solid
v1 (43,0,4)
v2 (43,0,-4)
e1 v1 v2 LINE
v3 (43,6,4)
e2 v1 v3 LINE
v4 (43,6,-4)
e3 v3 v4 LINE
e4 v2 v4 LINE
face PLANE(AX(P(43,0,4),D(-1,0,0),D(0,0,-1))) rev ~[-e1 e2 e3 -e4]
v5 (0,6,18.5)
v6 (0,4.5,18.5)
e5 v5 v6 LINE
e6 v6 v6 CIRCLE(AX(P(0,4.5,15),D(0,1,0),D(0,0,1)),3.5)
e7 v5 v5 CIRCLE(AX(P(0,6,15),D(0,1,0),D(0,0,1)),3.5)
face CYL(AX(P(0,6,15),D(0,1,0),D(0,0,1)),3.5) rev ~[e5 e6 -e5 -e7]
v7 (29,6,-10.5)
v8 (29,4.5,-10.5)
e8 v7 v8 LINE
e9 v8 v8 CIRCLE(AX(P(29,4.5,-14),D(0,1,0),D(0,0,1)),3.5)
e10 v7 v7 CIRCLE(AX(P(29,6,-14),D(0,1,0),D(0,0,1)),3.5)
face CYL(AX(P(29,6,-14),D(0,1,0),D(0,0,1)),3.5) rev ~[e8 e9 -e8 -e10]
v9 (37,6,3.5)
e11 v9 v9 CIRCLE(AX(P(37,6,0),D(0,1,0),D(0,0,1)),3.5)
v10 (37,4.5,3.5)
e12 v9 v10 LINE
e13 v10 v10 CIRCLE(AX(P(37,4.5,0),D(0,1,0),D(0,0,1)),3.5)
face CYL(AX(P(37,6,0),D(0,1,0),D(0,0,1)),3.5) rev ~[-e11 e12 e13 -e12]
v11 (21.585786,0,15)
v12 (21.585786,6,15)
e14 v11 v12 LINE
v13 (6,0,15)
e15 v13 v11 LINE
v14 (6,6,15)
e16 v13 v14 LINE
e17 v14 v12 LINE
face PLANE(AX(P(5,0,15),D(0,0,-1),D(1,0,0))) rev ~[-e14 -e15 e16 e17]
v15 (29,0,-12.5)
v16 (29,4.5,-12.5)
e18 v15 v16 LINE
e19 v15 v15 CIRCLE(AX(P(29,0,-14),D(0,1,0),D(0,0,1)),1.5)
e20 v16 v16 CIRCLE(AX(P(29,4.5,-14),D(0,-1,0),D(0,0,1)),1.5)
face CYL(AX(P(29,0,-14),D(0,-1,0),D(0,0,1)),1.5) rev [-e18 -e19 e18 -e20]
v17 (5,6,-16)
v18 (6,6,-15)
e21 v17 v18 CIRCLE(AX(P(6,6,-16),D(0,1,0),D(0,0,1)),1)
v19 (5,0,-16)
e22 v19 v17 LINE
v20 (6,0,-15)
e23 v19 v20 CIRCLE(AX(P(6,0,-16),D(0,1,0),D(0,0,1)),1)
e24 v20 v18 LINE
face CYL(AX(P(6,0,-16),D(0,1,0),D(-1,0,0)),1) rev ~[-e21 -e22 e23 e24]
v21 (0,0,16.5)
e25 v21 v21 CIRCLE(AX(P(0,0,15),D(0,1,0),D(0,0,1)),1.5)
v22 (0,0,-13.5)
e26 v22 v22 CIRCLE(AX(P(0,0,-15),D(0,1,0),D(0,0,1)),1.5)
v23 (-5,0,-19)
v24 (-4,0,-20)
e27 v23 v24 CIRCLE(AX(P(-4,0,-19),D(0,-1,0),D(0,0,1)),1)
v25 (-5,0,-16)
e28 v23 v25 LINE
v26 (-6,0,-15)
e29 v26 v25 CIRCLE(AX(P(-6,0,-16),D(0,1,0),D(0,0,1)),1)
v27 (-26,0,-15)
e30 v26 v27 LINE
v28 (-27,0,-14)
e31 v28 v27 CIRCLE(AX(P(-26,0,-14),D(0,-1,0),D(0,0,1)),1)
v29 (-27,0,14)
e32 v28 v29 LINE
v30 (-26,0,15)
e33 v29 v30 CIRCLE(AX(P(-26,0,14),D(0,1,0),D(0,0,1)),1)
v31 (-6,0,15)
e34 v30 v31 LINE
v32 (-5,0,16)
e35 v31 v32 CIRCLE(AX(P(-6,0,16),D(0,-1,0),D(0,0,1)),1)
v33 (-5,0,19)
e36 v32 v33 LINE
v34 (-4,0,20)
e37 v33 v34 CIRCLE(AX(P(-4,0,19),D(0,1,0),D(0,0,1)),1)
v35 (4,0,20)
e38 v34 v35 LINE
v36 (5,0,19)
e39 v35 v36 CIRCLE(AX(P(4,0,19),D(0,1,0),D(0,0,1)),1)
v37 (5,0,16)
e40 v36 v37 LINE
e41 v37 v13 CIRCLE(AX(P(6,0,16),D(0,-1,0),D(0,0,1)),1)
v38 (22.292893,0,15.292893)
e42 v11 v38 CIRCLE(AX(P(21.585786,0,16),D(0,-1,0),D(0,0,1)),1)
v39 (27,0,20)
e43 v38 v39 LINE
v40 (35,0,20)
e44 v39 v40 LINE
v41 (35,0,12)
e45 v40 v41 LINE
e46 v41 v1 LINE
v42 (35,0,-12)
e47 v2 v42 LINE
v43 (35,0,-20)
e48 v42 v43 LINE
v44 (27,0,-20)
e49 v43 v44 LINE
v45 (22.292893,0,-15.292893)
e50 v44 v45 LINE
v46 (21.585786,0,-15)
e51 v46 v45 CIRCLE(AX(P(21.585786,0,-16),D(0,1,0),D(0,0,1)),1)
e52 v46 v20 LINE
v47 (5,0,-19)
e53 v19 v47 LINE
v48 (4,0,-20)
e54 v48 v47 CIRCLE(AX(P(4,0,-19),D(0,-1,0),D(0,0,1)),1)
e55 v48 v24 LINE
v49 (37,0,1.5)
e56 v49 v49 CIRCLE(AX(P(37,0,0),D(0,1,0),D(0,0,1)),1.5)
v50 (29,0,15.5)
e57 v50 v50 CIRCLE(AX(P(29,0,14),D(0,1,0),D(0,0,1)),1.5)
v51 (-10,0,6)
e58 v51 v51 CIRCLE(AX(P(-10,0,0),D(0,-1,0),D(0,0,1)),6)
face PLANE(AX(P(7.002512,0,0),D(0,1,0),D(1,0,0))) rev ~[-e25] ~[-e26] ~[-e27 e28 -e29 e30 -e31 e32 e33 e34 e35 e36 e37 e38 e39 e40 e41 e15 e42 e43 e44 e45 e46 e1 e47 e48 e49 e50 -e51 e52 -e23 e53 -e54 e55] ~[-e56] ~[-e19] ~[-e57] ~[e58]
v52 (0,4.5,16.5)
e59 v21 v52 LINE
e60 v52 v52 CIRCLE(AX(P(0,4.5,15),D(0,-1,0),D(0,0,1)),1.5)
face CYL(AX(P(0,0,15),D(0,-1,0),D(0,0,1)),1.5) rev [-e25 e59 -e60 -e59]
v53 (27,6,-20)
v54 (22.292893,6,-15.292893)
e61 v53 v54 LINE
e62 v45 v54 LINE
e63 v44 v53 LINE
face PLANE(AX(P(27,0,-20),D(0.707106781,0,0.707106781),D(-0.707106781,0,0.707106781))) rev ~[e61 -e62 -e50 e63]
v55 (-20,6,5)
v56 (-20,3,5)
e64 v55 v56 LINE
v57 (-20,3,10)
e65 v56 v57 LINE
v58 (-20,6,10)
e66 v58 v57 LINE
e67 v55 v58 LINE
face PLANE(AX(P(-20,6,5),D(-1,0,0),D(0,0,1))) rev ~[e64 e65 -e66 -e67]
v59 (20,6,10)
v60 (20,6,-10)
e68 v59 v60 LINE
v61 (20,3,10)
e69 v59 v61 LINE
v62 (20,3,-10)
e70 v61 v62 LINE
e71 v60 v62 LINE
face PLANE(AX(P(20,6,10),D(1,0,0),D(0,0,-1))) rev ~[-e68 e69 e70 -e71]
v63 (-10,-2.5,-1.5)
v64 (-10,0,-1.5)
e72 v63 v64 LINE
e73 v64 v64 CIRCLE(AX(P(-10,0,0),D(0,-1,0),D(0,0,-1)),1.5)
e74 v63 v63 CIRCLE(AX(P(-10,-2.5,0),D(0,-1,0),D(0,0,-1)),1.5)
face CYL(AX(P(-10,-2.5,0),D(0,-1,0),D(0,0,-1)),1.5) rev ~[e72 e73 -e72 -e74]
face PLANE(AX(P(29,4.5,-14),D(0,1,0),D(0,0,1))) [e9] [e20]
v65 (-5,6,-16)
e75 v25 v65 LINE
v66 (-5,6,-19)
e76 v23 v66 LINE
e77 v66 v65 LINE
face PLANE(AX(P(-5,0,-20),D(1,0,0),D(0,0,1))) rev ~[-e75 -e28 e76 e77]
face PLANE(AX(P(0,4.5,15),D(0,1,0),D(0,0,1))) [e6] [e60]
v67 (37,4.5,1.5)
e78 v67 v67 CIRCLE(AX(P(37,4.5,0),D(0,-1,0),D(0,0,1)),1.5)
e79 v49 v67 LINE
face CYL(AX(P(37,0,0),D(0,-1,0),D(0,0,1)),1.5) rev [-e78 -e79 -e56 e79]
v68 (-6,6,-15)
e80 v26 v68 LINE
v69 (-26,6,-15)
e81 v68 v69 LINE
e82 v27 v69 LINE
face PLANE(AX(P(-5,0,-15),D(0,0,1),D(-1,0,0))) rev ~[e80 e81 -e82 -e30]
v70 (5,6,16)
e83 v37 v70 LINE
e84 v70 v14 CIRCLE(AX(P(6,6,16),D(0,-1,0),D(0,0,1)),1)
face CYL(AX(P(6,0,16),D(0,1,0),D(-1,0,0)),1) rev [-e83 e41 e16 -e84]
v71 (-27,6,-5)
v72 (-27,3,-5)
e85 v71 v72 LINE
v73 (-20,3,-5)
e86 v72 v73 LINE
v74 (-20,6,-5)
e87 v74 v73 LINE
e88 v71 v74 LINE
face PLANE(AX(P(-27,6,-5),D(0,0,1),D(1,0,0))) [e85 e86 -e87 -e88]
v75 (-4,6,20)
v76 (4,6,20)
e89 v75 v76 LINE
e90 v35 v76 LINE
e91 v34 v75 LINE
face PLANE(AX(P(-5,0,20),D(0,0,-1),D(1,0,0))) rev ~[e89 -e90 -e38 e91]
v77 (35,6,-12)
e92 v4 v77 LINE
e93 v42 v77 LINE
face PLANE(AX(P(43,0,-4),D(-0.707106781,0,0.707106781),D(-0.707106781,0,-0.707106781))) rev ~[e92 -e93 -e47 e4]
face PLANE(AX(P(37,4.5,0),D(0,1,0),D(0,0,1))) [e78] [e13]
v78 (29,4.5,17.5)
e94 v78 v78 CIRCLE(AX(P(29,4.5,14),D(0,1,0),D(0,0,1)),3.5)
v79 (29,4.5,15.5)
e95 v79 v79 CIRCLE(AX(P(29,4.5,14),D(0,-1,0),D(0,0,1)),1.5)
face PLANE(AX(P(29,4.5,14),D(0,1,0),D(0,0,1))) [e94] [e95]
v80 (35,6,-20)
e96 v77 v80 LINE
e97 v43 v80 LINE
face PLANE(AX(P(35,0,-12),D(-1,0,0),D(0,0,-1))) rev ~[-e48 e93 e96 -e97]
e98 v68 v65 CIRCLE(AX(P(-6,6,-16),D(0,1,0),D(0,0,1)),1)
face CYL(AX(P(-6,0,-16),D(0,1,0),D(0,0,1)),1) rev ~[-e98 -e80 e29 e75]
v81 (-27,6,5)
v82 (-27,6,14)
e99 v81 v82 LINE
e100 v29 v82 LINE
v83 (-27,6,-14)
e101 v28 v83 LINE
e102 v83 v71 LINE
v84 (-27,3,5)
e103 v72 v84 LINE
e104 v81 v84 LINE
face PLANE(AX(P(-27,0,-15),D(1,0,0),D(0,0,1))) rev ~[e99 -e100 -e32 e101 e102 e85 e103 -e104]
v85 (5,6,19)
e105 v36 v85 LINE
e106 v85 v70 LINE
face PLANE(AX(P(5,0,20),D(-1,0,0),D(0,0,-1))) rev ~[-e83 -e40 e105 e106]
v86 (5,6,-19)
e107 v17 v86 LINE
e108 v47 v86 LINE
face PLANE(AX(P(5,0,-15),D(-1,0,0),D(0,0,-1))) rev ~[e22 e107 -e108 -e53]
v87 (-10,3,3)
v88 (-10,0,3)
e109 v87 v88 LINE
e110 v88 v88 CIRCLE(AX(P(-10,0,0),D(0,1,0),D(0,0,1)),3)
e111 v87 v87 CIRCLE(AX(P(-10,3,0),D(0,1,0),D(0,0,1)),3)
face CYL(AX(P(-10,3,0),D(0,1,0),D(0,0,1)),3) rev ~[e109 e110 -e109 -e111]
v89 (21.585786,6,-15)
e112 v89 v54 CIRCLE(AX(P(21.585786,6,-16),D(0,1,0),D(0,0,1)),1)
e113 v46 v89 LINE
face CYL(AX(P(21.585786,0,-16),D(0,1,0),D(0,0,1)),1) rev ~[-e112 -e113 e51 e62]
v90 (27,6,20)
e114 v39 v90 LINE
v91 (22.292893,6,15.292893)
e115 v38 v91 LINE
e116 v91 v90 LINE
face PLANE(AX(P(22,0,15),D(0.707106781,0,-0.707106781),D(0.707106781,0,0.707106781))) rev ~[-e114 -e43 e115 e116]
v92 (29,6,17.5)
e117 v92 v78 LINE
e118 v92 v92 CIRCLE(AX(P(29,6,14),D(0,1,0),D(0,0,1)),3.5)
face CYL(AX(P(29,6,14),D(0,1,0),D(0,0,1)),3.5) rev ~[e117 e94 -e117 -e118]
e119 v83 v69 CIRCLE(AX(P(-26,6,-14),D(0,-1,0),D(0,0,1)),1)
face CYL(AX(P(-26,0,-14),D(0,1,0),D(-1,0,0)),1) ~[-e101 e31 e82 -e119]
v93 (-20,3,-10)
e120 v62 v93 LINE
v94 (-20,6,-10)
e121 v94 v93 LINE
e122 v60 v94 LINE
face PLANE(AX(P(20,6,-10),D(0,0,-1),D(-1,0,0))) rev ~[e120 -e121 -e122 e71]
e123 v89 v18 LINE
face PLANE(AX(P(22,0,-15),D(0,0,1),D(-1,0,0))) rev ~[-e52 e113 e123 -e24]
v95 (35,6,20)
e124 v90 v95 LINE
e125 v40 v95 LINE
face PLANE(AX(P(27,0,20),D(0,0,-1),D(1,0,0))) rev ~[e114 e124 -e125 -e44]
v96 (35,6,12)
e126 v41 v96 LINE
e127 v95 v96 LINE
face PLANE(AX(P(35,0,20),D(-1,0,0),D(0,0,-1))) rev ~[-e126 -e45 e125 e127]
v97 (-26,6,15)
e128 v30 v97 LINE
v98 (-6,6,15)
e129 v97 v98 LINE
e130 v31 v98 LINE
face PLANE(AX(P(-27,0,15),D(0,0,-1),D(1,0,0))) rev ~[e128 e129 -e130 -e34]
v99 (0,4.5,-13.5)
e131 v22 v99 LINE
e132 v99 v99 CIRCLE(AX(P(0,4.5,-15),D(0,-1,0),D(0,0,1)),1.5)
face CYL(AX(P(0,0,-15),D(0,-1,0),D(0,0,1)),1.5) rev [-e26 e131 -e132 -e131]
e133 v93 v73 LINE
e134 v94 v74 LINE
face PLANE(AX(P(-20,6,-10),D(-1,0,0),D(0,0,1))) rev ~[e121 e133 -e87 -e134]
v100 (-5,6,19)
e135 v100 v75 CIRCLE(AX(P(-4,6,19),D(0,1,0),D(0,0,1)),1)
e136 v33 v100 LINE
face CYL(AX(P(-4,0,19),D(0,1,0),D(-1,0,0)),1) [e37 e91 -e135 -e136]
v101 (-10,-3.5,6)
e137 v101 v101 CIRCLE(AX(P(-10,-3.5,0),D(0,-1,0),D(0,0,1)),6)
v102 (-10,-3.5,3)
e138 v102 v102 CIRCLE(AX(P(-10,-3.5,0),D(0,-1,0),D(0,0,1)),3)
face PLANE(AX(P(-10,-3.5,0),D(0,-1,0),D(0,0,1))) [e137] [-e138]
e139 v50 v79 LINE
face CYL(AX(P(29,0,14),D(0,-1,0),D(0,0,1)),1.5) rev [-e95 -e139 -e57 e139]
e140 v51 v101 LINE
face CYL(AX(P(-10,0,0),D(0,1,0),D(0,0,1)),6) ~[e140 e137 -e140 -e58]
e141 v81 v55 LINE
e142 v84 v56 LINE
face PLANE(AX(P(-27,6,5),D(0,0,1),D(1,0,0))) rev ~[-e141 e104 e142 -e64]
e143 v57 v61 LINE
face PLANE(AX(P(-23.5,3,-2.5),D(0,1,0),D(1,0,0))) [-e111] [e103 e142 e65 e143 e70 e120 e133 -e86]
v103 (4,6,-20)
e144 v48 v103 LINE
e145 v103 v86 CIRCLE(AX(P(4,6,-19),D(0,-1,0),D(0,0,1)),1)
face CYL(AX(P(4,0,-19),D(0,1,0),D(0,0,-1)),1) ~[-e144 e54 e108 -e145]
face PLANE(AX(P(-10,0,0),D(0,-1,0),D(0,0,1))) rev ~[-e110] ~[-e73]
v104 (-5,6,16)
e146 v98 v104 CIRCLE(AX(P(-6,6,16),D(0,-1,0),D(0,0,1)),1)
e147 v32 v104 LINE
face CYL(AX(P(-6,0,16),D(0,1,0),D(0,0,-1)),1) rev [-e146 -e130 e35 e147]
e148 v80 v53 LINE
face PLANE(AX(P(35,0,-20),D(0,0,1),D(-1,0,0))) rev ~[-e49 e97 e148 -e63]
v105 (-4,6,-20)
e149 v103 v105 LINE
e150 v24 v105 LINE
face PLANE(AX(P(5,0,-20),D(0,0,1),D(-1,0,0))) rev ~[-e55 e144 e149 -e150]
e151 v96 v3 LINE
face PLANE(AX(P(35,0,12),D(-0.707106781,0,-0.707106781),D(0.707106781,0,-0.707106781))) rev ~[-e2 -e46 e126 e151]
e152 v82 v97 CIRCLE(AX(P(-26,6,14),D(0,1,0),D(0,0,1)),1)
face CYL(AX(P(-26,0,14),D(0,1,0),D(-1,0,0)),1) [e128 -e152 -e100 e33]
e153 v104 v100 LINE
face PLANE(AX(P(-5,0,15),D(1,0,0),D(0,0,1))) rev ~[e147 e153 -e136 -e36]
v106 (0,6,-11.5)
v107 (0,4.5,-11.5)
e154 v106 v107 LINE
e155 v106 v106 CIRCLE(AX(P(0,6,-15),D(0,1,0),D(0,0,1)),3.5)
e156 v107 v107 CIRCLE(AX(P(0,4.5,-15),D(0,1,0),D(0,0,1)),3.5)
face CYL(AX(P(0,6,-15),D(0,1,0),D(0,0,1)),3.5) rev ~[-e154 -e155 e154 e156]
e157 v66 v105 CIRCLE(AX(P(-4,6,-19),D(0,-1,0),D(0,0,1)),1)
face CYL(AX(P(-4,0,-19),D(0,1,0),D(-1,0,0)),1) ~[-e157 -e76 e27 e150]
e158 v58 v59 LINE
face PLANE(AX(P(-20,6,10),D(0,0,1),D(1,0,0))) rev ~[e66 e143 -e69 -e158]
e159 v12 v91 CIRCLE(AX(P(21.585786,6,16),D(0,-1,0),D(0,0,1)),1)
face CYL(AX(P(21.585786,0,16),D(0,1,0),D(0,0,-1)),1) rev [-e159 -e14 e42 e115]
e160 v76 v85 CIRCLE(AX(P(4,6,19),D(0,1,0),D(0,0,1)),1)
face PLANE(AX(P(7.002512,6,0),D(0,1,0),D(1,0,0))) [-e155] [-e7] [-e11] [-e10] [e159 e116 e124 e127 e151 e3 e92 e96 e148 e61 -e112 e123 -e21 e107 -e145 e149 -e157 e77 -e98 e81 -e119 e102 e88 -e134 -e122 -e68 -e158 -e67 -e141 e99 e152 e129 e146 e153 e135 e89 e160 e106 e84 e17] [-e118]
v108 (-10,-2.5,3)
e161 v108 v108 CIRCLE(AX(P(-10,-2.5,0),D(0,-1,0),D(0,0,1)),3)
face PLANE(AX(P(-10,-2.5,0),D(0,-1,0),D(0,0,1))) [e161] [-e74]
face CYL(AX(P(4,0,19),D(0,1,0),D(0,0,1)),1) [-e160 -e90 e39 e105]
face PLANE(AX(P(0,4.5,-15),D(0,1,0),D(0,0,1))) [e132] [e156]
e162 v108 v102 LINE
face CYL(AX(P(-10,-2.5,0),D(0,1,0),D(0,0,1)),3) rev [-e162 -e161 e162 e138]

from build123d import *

# Parameters (mm, degrees)
SKETCH_1_R          = 1.5
EXTRUDE_1_DEPTH     = 6
SKETCH_2_W          = 7
SKETCH_2_H          = 5
CUT_EXTRUDE_1_DEPTH = 3
SKETCH_3_R          = 3.5
CUT_EXTRUDE_2_DEPTH = 1.5
SKETCH_5_R          = 3
CUT_EXTRUDE_3_DEPTH = 3
SKETCH_6_R          = 6
EXTRUDE_2_DEPTH     = 3.5
CUT_EXTRUDE_START   = -1
SKETCH_7_R          = 3
CUT_EXTRUDE_4_DEPTH = 1
SKETCH_8_R          = 1.5
CUT_EXTRUDE_5_DEPTH = 49.179352424
FILLET_1_R          = 1


with BuildPart() as part:
    # 草图1 → 凸台-拉伸1 (new body)
    with BuildSketch(Plane(origin=(0, 0, 0), x_dir=(1, 0, 0), z_dir=(0, 1, 0))):
        Polygon((-27, 15), (-27, -15), (-5, -15), (-5, -20), (5, -20), (5, -15), (22, -15), (27, -20), (35, -20), (35, -12), (43, -4), (43, 4), (35, 12), (35, 20), (27, 20), (22, 15), (5, 15), (5, 20), (-5, 20), (-5, 15), align=None)
        with Locations(Location((0, 15, 0), (0, 0, 270))):
            Circle(SKETCH_1_R, mode=Mode.SUBTRACT)
        with Locations(Location((0, -15, 0), (0, 0, 270))):
            Circle(SKETCH_1_R, mode=Mode.SUBTRACT)
        with Locations(Location((29, 14, 0), (0, 0, 270))):
            Circle(SKETCH_1_R, mode=Mode.SUBTRACT)
        with Locations(Location((37, 0, 0), (0, 0, 270))):
            Circle(SKETCH_1_R, mode=Mode.SUBTRACT)
        with Locations(Location((29, -14, 0), (0, 0, 270))):
            Circle(SKETCH_1_R, mode=Mode.SUBTRACT)
    extrude(amount=EXTRUDE_1_DEPTH)

    # 草图2 → 切除-拉伸1 (cut)
    with BuildSketch(Plane(origin=(0, 6, 0), x_dir=(1, 0, 0), z_dir=(0, 1, 0))):
        with Locations((-23.5, 2.5)):
            Rectangle(SKETCH_2_W, SKETCH_2_H)
        with Locations((-23.5, -2.5)):
            Rectangle(SKETCH_2_W, SKETCH_2_H)
        Polygon((20, 10), (-20, 10), (-20, 5), (-20, 0), (20, 0), align=None)
        Polygon((20, 0), (-20, 0), (-20, -5), (-20, -10), (20, -10), align=None)
    extrude(amount=-CUT_EXTRUDE_1_DEPTH, mode=Mode.SUBTRACT)

    # 草图3 → 切除-拉伸2 (cut)
    with BuildSketch(Plane(origin=(0, 6, 0), x_dir=(1, 0, 0), z_dir=(0, 1, 0))):
        with Locations(Location((0, 15, 0), (0, 0, 270))):
            Circle(SKETCH_3_R)
        with Locations(Location((0, -15, 0), (0, 0, 270))):
            Circle(SKETCH_3_R)
        with Locations(Location((29, -14, 0), (0, 0, 270))):
            Circle(SKETCH_3_R)
        with Locations(Location((37, 0, 0), (0, 0, 270))):
            Circle(SKETCH_3_R)
        with Locations(Location((29, 14, 0), (0, 0, 270))):
            Circle(SKETCH_3_R)
    extrude(amount=-CUT_EXTRUDE_2_DEPTH, mode=Mode.SUBTRACT)

    # 草图5 → 切除-拉伸3 (cut)
    with BuildSketch(Plane(origin=(0, 3, 0), x_dir=(1, 0, 0), z_dir=(0, 1, 0))):
        with Locations(Location((-10, 0, 0), (0, 0, 270))):
            Circle(SKETCH_5_R)
    extrude(amount=-CUT_EXTRUDE_3_DEPTH, mode=Mode.SUBTRACT)

    # 草图6 → 凸台-拉伸2 (add)
    with BuildSketch(Plane.XZ):
        with Locations(Location((-10, 0, 0), (0, 0, 90))):
            Circle(SKETCH_6_R)
    extrude(amount=EXTRUDE_2_DEPTH)

    # 草图7 → 切除-拉伸4 (cut)
    with BuildSketch(Plane.XZ.offset(3.5).offset(CUT_EXTRUDE_START)):
        with Locations(Location((-10, 0, 0), (0, 0, 90))):
            Circle(SKETCH_7_R)
    extrude(amount=CUT_EXTRUDE_4_DEPTH, mode=Mode.SUBTRACT)

    # 草图8 → 切除-拉伸5 (cut, through all)
    with BuildSketch(Plane.XZ.offset(2.5)):
        with Locations(Location((-10, 0, 0), (0, 0, 270))):
            Circle(SKETCH_8_R)
    extrude(amount=-CUT_EXTRUDE_5_DEPTH, mode=Mode.SUBTRACT)

    # 圆角1
    fillet_1_edges = [part.edges().sort_by_distance(p)[0] for p in [
        (22, 3, -15),
        (22, 3, 15),
        (5, 3, 15),
        (5, 3, 20),
        (-5, 3, 20),
        (-5, 3, 15),
        (-27, 3, 15),
        (-27, 3, -15),
        (-5, 3, -15),
        (-5, 3, -20),
        (5, 3, -20),
        (5, 3, -15),
    ]]
    fillet(fillet_1_edges, radius=FILLET_1_R)


solid = part.part
